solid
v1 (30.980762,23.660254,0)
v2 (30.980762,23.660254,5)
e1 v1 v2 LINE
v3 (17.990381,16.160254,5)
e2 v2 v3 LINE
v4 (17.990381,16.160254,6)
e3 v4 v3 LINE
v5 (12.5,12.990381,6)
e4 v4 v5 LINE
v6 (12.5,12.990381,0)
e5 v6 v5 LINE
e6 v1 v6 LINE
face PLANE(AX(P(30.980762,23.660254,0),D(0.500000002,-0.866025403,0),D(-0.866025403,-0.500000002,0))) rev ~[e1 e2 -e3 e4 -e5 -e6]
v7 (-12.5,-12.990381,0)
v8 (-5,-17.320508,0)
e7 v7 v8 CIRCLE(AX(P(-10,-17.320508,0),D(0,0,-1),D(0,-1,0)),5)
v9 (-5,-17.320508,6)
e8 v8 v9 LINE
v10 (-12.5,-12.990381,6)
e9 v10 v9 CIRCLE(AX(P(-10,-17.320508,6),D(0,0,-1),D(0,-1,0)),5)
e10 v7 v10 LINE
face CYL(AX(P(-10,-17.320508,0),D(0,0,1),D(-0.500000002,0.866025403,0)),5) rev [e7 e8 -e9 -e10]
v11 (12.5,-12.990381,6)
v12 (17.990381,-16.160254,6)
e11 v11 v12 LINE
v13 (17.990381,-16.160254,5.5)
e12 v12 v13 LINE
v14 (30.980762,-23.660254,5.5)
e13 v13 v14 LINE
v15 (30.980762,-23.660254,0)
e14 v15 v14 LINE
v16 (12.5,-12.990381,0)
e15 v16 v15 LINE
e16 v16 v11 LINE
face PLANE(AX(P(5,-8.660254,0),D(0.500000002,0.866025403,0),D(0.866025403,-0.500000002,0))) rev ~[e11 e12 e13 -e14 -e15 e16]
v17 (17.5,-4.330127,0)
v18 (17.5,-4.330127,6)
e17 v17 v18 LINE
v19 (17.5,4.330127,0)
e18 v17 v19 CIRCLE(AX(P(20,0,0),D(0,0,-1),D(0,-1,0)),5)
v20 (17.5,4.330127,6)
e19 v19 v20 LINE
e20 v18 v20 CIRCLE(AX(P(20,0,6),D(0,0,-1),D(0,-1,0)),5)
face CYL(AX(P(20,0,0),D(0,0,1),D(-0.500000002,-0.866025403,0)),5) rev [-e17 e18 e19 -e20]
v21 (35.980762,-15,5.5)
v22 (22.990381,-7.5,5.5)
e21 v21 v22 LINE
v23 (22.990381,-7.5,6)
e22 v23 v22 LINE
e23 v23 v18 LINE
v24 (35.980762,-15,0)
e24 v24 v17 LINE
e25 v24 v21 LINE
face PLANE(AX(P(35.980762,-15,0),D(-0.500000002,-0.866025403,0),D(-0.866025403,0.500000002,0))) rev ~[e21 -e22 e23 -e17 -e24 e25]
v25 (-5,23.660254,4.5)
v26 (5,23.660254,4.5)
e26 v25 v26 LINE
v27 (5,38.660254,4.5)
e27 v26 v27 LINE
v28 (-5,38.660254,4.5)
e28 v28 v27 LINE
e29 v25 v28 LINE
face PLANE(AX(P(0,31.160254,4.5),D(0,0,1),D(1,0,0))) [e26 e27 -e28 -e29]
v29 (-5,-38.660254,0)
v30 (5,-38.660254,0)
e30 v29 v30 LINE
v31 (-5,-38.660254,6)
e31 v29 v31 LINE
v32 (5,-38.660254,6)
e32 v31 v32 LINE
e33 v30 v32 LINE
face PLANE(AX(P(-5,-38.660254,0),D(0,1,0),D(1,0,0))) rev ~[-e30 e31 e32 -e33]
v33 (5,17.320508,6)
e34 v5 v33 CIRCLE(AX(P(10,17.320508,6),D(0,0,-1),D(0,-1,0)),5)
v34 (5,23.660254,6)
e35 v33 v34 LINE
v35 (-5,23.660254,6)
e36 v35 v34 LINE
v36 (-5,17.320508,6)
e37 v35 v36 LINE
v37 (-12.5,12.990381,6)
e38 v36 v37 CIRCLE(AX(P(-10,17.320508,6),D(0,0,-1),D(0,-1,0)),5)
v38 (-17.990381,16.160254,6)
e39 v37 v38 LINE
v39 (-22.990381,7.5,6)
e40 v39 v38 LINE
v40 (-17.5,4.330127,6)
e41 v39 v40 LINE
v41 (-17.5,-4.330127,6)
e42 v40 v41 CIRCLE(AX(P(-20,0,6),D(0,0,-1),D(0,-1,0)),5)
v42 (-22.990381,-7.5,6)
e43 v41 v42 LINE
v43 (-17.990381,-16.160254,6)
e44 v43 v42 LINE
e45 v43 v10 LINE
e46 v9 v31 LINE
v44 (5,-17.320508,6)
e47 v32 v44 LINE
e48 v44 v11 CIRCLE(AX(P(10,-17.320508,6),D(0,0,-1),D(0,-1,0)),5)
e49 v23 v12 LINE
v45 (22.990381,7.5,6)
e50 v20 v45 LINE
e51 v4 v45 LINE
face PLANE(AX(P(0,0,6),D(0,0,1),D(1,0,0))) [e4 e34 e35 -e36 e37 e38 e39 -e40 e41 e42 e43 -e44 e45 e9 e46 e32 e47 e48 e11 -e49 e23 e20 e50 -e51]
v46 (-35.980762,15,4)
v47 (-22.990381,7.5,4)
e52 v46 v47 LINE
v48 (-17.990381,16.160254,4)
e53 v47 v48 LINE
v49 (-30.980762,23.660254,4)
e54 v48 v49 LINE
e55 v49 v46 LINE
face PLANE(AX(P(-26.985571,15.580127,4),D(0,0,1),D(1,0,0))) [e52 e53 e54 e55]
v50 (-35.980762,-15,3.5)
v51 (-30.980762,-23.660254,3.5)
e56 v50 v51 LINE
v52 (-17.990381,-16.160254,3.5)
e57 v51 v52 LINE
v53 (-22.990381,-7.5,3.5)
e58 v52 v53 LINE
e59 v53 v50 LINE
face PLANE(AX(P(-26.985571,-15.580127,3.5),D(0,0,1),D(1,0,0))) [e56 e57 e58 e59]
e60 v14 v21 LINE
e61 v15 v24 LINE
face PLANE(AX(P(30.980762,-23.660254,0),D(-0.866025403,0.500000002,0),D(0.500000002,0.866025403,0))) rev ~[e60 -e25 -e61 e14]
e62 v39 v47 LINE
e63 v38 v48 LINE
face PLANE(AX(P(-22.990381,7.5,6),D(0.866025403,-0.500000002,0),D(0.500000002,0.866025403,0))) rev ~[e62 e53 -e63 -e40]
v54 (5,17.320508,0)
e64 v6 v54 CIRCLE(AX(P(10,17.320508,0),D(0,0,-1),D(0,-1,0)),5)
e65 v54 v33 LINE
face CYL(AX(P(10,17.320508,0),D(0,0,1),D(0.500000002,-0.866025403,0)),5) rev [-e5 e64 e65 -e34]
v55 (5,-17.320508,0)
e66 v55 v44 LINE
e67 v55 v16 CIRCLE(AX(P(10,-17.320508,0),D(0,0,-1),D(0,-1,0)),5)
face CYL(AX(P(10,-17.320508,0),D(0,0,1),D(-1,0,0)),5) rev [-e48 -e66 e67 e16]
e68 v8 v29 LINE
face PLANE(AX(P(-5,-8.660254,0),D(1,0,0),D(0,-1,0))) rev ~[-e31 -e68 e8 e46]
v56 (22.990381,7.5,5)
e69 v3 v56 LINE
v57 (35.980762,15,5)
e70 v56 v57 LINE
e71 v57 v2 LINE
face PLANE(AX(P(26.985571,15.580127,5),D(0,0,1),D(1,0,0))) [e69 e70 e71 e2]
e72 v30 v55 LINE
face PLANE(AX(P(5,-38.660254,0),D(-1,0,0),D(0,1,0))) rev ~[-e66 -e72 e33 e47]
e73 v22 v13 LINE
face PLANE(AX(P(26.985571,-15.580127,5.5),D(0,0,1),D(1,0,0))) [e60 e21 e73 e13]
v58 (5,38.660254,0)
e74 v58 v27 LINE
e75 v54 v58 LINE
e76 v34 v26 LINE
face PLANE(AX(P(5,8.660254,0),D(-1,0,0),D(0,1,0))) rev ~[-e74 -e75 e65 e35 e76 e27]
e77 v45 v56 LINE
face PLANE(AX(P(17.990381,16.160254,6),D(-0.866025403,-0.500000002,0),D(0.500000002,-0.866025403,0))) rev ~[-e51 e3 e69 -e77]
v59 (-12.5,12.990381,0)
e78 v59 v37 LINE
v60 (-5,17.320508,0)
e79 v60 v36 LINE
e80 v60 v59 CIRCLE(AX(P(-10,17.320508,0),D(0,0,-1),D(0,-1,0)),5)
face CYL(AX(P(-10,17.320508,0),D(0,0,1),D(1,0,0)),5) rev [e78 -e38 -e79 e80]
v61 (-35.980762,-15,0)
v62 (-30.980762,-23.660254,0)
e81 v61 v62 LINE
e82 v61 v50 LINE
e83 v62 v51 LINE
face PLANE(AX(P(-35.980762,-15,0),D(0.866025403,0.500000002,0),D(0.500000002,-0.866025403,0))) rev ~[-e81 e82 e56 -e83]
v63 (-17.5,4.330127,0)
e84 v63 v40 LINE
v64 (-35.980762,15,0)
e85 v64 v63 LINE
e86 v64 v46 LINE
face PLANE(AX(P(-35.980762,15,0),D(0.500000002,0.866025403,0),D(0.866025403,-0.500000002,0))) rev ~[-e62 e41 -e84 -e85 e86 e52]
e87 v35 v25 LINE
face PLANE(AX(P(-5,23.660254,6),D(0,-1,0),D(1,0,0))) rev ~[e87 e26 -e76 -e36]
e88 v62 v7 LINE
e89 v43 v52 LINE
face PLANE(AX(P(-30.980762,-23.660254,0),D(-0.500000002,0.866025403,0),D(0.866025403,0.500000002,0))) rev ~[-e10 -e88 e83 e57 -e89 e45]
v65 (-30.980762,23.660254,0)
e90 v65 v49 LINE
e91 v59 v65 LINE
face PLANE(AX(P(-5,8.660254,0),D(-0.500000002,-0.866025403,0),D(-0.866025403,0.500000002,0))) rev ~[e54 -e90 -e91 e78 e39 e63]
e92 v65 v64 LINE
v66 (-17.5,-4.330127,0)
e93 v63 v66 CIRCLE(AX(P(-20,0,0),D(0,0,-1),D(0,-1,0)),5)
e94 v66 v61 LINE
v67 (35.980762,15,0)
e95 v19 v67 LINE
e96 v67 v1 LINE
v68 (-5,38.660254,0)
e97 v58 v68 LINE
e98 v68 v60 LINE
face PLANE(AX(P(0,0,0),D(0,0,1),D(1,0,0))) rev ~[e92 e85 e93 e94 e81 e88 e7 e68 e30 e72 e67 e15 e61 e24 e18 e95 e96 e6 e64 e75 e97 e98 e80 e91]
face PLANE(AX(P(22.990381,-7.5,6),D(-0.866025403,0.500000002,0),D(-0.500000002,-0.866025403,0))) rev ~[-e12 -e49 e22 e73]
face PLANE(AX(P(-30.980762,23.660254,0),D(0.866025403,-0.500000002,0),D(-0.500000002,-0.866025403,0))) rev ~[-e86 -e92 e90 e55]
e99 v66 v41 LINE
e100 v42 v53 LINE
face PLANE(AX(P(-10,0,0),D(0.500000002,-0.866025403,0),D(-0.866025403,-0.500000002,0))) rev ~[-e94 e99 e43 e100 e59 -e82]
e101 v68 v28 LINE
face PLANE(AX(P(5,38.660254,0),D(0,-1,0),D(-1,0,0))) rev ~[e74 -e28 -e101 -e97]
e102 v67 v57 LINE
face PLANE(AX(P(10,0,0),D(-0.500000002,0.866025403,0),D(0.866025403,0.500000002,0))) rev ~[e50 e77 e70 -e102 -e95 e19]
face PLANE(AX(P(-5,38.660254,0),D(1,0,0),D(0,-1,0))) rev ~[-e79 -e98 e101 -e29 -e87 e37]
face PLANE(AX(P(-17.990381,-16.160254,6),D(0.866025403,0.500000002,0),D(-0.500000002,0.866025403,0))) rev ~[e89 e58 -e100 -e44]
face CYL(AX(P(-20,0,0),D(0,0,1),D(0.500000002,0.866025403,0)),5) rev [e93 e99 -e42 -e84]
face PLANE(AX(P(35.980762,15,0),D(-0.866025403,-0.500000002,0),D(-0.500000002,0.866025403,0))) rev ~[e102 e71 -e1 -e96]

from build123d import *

# Parameters (mm, degrees)
F1_DEPTH = 6
F2_R     = 5
F4_DEPTH = 2.5
F5_DEPTH = 2
F3_W     = 10
F3_H     = 15
F6_DEPTH = 1.5
F7_DEPTH = 1
F8_DEPTH = 0.5


with BuildPart() as f1:
    # F0 (on Top) → F1 (new body)
    with BuildSketch(Plane.XY):
        Polygon((5, 38.660254), (-5, 38.660254), (-5, 8.660254), (-30.980762, 23.660254), (-35.980762, 15), (-10, 0), (-35.980762, -15), (-30.980762, -23.660254), (-5, -8.660254), (-5, -38.660254), (5, -38.660254), (5, -8.660254), (30.980762, -23.660254), (35.980762, -15), (10, 0), (35.980762, 15), (30.980762, 23.660254), (5, 8.660254), align=None)
    extrude(amount=F1_DEPTH)

    # F2
    f2_edges = [f1.edges().sort_by_distance(p)[0] for p in [
        (-5, 8.660254, 3),
        (5, 8.660254, 3),
        (10, 0, 3),
        (5, -8.660254, 3),
        (-5, -8.660254, 3),
        (-10, 0, 3),
    ]]
    fillet(f2_edges, radius=F2_R)

    # F3 (on face) → F4 (cut)
    with BuildSketch(Plane.XY.offset(6)):
        Polygon((-35.980762, -15), (-30.980762, -23.660254), (-17.990381, -16.160254), (-22.990381, -7.5), align=None)
    extrude(amount=-F4_DEPTH, mode=Mode.SUBTRACT)

    # F3 (on face) → F5 (cut)
    with BuildSketch(Plane.XY.offset(6)):
        Polygon((-35.980762, 15), (-22.990381, 7.5), (-17.990381, 16.160254), (-30.980762, 23.660254), align=None)
    extrude(amount=-F5_DEPTH, mode=Mode.SUBTRACT)

    # F3 (on face) → F6 (cut)
    with BuildSketch(Plane.XY.offset(6)):
        with Locations((0, 31.160254)):
            Rectangle(F3_W, F3_H)
    extrude(amount=-F6_DEPTH, mode=Mode.SUBTRACT)

    # F3 (on face) → F7 (cut)
    with BuildSketch(Plane.XY.offset(6)):
        Polygon((17.990381, 16.160254), (22.990381, 7.5), (35.980762, 15), (30.980762, 23.660254), align=None)
    extrude(amount=-F7_DEPTH, mode=Mode.SUBTRACT)

    # F3 (on face) → F8 (cut)
    with BuildSketch(Plane.XY.offset(6)):
        Polygon((22.990381, -7.5), (17.990381, -16.160254), (30.980762, -23.660254), (35.980762, -15), align=None)
    extrude(amount=-F8_DEPTH, mode=Mode.SUBTRACT)


solid = f1.part
